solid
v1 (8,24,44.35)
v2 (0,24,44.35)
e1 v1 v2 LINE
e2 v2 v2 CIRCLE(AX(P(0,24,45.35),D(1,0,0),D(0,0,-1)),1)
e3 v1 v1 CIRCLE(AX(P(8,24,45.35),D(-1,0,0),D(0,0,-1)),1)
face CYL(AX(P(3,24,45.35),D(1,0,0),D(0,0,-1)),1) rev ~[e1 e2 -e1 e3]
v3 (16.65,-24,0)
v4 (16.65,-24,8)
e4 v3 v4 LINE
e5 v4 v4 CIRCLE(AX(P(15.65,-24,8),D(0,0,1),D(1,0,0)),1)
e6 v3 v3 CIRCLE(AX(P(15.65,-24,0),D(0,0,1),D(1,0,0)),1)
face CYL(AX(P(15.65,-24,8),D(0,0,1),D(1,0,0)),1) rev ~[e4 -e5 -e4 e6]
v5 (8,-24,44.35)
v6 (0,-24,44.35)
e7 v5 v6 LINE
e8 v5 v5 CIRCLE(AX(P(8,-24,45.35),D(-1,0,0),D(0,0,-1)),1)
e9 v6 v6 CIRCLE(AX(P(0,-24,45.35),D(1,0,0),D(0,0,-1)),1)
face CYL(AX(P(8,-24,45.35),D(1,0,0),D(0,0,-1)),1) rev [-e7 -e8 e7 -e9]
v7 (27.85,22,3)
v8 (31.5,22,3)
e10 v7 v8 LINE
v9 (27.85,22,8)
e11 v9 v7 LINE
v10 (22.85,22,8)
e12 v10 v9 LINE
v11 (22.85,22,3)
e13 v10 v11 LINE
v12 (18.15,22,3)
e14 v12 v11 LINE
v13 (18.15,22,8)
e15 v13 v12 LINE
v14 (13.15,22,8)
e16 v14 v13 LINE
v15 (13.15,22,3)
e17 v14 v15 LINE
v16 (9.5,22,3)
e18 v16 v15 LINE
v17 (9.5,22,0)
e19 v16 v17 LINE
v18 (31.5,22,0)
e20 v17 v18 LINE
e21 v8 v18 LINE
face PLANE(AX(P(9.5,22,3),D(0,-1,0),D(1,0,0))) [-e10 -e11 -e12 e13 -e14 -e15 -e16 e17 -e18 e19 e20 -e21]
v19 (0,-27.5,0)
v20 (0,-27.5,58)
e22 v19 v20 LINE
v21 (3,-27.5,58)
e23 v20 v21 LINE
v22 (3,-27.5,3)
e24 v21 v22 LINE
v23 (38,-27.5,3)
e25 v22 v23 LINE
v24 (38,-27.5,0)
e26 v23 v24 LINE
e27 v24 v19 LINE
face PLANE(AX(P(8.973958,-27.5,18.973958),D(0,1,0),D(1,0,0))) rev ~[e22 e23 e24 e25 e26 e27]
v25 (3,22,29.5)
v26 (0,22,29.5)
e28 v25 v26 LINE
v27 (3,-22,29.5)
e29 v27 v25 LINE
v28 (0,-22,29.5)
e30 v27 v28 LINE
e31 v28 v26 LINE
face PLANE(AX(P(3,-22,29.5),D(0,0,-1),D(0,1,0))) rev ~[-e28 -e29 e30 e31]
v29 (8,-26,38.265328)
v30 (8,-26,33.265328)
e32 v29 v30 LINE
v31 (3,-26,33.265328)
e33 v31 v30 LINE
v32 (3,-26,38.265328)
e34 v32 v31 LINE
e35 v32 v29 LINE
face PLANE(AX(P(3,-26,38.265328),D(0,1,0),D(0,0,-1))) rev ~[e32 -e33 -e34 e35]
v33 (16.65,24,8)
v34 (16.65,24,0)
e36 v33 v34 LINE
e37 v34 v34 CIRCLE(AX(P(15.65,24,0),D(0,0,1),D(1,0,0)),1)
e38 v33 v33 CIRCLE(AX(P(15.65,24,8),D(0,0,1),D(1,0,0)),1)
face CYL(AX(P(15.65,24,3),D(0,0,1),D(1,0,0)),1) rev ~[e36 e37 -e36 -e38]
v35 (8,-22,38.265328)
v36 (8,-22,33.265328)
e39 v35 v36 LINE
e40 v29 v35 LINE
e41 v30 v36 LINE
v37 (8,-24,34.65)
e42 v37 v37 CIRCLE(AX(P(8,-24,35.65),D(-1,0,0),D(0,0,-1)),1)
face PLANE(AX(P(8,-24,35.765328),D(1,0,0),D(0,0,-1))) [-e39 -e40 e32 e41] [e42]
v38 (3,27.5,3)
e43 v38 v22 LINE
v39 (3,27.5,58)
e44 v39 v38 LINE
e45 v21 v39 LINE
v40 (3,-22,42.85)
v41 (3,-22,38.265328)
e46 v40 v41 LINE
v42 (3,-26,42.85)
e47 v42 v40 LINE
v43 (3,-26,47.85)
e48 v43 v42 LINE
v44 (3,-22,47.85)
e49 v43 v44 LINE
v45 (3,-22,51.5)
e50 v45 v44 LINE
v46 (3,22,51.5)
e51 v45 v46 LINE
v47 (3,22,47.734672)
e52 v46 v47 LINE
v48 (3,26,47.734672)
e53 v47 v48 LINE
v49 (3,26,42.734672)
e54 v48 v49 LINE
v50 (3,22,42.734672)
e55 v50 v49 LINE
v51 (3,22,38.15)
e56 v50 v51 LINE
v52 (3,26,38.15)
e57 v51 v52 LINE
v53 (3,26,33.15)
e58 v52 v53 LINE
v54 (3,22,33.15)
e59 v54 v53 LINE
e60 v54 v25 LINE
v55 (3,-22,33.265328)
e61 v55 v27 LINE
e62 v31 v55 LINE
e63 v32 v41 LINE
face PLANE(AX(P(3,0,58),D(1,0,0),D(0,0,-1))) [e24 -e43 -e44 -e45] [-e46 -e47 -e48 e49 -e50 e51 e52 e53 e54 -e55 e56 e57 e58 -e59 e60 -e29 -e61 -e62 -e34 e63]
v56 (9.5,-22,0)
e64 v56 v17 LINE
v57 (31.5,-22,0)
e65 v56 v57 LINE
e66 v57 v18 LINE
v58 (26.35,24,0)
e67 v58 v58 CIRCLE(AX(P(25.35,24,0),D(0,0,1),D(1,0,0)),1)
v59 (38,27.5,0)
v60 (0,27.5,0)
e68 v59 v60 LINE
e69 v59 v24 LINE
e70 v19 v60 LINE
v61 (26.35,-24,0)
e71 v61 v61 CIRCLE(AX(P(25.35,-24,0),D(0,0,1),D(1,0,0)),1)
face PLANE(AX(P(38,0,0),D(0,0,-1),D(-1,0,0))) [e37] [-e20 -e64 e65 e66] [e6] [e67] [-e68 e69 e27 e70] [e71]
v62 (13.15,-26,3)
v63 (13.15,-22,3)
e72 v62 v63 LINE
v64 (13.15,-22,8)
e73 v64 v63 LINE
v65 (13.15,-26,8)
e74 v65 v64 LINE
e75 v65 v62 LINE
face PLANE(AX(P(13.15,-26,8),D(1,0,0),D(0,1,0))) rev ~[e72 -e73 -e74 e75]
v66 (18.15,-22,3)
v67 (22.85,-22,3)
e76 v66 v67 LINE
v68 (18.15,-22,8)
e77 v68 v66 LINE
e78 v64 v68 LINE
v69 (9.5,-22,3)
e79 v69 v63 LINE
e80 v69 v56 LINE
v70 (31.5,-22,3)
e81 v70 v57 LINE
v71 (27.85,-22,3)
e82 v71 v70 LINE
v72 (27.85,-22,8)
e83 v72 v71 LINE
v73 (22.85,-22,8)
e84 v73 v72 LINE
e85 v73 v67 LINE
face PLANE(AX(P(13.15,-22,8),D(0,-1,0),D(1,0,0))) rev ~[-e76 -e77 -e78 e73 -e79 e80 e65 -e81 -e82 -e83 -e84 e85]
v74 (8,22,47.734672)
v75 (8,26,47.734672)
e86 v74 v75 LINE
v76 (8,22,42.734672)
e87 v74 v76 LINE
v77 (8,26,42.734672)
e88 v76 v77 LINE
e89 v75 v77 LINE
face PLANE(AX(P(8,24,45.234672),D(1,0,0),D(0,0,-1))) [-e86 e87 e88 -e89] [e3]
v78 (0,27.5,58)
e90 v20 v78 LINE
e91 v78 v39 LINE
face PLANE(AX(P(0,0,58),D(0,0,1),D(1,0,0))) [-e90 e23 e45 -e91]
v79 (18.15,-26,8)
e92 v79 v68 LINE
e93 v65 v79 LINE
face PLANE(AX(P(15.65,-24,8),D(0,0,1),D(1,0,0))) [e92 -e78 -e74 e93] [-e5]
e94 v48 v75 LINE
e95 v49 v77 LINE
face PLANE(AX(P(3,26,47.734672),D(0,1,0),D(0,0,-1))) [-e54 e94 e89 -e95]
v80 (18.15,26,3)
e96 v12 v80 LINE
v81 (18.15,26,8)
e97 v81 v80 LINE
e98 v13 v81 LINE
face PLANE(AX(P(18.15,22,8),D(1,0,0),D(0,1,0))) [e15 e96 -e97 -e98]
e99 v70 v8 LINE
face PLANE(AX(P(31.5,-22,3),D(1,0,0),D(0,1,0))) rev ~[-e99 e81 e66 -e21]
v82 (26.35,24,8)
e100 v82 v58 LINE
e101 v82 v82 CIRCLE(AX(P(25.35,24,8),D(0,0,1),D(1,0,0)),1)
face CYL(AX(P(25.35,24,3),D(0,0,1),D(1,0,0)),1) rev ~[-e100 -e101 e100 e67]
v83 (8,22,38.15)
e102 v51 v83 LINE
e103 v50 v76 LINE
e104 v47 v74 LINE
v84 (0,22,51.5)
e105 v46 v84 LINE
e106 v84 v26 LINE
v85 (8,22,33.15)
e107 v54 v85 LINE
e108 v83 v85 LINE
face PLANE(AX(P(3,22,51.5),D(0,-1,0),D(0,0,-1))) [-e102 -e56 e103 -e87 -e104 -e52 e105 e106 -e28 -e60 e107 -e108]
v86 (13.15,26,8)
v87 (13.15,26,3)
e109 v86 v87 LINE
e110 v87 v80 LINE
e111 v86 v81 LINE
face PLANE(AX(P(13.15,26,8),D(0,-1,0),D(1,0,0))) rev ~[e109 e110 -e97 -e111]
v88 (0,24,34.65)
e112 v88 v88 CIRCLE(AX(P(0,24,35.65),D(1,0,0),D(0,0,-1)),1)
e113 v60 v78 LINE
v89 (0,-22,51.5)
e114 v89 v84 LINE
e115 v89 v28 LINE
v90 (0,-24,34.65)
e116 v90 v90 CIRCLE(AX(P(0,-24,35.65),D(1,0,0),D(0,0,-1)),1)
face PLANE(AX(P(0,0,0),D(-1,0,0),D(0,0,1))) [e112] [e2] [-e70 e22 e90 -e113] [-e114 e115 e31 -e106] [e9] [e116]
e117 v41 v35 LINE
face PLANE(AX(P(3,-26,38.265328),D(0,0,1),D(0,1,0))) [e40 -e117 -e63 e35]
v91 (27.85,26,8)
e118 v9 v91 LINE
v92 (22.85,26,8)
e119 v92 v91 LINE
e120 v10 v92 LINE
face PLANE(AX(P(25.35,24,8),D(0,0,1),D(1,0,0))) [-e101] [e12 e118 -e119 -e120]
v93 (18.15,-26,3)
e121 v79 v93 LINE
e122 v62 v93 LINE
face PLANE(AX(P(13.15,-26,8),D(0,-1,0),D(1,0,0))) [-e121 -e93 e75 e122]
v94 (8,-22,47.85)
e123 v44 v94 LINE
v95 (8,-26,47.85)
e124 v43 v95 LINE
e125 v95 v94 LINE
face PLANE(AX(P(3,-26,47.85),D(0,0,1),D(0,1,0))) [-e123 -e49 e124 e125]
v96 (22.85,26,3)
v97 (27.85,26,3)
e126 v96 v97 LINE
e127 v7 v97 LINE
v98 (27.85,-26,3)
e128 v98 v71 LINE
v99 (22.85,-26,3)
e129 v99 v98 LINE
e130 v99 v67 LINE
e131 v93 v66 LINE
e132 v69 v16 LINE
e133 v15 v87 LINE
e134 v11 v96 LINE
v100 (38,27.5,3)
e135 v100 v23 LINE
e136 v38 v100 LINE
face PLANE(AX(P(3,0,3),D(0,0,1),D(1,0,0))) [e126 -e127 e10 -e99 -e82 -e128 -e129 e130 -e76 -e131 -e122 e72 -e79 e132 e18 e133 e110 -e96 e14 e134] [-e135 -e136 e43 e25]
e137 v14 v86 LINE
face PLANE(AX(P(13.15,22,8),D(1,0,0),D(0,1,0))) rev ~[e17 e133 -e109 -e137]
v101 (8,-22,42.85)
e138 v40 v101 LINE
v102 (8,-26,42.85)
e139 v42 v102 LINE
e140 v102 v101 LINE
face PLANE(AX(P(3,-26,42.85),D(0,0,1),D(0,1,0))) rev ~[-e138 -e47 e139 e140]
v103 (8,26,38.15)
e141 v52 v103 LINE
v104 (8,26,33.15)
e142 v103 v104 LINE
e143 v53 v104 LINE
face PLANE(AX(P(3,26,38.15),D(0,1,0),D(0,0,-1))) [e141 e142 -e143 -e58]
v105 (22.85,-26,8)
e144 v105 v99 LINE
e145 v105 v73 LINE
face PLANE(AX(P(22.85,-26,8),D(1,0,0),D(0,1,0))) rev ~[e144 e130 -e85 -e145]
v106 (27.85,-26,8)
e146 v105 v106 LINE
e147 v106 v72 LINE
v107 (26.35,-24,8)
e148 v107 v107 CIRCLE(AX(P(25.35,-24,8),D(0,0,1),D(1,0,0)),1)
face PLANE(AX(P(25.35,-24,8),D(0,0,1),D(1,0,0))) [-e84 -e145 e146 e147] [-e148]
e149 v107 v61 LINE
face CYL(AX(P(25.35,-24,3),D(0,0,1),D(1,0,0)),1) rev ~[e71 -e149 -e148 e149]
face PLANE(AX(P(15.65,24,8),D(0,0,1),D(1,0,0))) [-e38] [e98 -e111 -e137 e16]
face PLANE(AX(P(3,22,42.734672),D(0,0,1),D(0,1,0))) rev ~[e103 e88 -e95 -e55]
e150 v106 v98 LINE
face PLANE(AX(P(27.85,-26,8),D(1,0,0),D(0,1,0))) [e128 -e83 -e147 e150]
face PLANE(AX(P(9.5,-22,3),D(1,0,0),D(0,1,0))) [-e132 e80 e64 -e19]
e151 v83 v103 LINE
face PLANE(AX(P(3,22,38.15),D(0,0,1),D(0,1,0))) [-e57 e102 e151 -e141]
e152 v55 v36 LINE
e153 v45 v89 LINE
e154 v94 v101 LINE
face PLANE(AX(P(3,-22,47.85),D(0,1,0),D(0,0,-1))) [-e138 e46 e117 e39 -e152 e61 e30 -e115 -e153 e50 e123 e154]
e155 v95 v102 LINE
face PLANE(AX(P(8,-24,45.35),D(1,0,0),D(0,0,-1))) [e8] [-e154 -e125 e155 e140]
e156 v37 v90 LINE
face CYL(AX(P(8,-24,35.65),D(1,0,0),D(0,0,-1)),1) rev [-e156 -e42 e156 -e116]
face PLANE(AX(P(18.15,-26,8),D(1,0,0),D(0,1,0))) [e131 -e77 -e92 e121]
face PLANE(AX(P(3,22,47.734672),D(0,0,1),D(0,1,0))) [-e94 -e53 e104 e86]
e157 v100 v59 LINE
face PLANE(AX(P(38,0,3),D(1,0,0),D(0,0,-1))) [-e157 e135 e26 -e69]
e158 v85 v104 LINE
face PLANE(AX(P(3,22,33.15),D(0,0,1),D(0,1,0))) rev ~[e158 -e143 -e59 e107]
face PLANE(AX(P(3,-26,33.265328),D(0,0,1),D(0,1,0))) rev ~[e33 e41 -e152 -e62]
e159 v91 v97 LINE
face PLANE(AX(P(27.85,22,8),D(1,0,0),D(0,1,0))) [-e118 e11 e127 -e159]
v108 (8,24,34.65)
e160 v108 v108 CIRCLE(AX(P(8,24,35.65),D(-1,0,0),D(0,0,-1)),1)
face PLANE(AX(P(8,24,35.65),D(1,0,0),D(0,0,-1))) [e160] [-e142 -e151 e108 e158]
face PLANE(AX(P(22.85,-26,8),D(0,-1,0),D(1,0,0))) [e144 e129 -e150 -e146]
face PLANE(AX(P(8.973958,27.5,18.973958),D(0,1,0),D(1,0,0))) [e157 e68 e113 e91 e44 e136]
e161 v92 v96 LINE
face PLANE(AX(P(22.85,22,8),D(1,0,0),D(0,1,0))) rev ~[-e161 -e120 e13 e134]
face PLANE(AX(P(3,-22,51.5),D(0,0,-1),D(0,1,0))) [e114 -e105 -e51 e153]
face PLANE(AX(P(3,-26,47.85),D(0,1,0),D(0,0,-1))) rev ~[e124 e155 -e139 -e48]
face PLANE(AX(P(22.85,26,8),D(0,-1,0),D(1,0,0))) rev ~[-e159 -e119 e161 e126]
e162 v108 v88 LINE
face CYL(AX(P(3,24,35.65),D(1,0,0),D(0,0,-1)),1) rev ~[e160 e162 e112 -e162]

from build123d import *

# Parameters (mm, degrees)
BOSS_EXTRUDE1_DEPTH = 27.5
SKETCH3_R           = 1
SKETCH3_W           = 22
SKETCH3_H           = 44
CUT_EXTRUDE1_DEPTH  = 3
SKETCH4_R           = 1
SKETCH4_W           = 22
SKETCH4_H           = 44
CUT_EXTRUDE2_DEPTH  = 3
SKETCH5_W           = 5
SKETCH5_H           = 4
BOSS_EXTRUDE2_DEPTH = 5
CUT_EXTRUDE3_START  = -5
SKETCH6_R           = 1
CUT_EXTRUDE3_DEPTH  = 5
BOSS_EXTRUDE3_START = 5
SKETCH7_W           = 5
SKETCH7_H           = 4
SKETCH7_R           = 1
BOSS_EXTRUDE3_DEPTH = 5


with BuildPart() as part:
    # Sketch1 → Boss-Extrude1 (new, symmetric)
    with BuildSketch(Plane(origin=(0, 0, 0), x_dir=(1, 0, 0), z_dir=(0, 1, 0))):
        Polygon((38, 0), (0, 0), (0, -58), (3, -58), (3, -3), (38, -3), align=None)
    extrude(amount=BOSS_EXTRUDE1_DEPTH, both=True)

    # Sketch3 → Cut-Extrude1 (cut)
    with BuildSketch(Plane.XY.offset(3)):
        with Locations((15.65, -24)):
            Circle(SKETCH3_R)
        with Locations((25.35, -24)):
            Circle(SKETCH3_R)
        with Locations((25.35, 24)):
            Circle(SKETCH3_R)
        with Locations((15.65, 24)):
            Circle(SKETCH3_R)
        with Locations((20.5, 0)):
            Rectangle(SKETCH3_W, SKETCH3_H)
    extrude(amount=-CUT_EXTRUDE1_DEPTH, mode=Mode.SUBTRACT)

    # Sketch4 → Cut-Extrude2 (cut)
    with BuildSketch(Plane(origin=(3, 0, 0), x_dir=(0, 0, -1), z_dir=(1, 0, 0))):
        with Locations((-45.35, -24)):
            Circle(SKETCH4_R)
        with Locations((-35.65, -24)):
            Circle(SKETCH4_R)
        with Locations((-35.65, 24)):
            Circle(SKETCH4_R)
        with Locations((-45.35, 24)):
            Circle(SKETCH4_R)
        with Locations((-40.5, 0)):
            Rectangle(SKETCH4_W, SKETCH4_H)
    extrude(amount=-CUT_EXTRUDE2_DEPTH, mode=Mode.SUBTRACT)

    # Sketch5 → Boss-Extrude2 (add)
    with BuildSketch(Plane(origin=(3, 0, 0), x_dir=(0, 0, -1), z_dir=(1, 0, 0))):
        with Locations((-45.35, -24)):
            Rectangle(SKETCH5_W, SKETCH5_H)
        with Locations((-35.765327537, -24)):
            Rectangle(SKETCH5_W, SKETCH5_H)
        with Locations((-35.65, 24)):
            Rectangle(SKETCH5_W, SKETCH5_H)
        with Locations((-45.234672463, 24)):
            Rectangle(SKETCH5_W, SKETCH5_H)
    extrude(amount=BOSS_EXTRUDE2_DEPTH)

    # Sketch6 → Cut-Extrude3 (cut)
    with BuildSketch(Plane.ZY.offset(-3).offset(CUT_EXTRUDE3_START)):
        with Locations(Location((35.65, -24, 0), (0, 0, 180))):
            Circle(SKETCH6_R)
        with Locations(Location((45.35, -24, 0), (0, 0, 180))):
            Circle(SKETCH6_R)
        with Locations(Location((45.35, 24, 0), (0, 0, 180))):
            Circle(SKETCH6_R)
        with Locations(Location((35.65, 24, 0), (0, 0, 180))):
            Circle(SKETCH6_R)
    extrude(amount=CUT_EXTRUDE3_DEPTH, mode=Mode.SUBTRACT)

    # Sketch7 → Boss-Extrude3 (add)
    # profile 1 of 4: a face of its own
    with BuildSketch(Plane.XY.offset(3).offset(BOSS_EXTRUDE3_START)):
        with Locations((15.65, -24)):
            Rectangle(SKETCH7_W, SKETCH7_H)
        with Locations((15.65, -24)):
            Circle(SKETCH7_R, mode=Mode.SUBTRACT)
    # profile 2 of 4: a face of its own
    with BuildSketch(Plane.XY.offset(3).offset(BOSS_EXTRUDE3_START)):
        with Locations((25.35, -24)):
            Rectangle(SKETCH7_W, SKETCH7_H)
        with Locations((25.35, -24)):
            Circle(SKETCH7_R, mode=Mode.SUBTRACT)
    # profile 3 of 4: a face of its own
    with BuildSketch(Plane.XY.offset(3).offset(BOSS_EXTRUDE3_START)):
        with Locations((25.35, 24)):
            Rectangle(SKETCH7_W, SKETCH7_H)
        with Locations((25.35, 24)):
            Circle(SKETCH7_R, mode=Mode.SUBTRACT)
    # profile 4 of 4: a face of its own
    with BuildSketch(Plane.XY.offset(3).offset(BOSS_EXTRUDE3_START)):
        with Locations((15.65, 24)):
            Rectangle(SKETCH7_W, SKETCH7_H)
        with Locations((15.65, 24)):
            Circle(SKETCH7_R, mode=Mode.SUBTRACT)
    extrude(amount=-BOSS_EXTRUDE3_DEPTH)


solid = part.part
